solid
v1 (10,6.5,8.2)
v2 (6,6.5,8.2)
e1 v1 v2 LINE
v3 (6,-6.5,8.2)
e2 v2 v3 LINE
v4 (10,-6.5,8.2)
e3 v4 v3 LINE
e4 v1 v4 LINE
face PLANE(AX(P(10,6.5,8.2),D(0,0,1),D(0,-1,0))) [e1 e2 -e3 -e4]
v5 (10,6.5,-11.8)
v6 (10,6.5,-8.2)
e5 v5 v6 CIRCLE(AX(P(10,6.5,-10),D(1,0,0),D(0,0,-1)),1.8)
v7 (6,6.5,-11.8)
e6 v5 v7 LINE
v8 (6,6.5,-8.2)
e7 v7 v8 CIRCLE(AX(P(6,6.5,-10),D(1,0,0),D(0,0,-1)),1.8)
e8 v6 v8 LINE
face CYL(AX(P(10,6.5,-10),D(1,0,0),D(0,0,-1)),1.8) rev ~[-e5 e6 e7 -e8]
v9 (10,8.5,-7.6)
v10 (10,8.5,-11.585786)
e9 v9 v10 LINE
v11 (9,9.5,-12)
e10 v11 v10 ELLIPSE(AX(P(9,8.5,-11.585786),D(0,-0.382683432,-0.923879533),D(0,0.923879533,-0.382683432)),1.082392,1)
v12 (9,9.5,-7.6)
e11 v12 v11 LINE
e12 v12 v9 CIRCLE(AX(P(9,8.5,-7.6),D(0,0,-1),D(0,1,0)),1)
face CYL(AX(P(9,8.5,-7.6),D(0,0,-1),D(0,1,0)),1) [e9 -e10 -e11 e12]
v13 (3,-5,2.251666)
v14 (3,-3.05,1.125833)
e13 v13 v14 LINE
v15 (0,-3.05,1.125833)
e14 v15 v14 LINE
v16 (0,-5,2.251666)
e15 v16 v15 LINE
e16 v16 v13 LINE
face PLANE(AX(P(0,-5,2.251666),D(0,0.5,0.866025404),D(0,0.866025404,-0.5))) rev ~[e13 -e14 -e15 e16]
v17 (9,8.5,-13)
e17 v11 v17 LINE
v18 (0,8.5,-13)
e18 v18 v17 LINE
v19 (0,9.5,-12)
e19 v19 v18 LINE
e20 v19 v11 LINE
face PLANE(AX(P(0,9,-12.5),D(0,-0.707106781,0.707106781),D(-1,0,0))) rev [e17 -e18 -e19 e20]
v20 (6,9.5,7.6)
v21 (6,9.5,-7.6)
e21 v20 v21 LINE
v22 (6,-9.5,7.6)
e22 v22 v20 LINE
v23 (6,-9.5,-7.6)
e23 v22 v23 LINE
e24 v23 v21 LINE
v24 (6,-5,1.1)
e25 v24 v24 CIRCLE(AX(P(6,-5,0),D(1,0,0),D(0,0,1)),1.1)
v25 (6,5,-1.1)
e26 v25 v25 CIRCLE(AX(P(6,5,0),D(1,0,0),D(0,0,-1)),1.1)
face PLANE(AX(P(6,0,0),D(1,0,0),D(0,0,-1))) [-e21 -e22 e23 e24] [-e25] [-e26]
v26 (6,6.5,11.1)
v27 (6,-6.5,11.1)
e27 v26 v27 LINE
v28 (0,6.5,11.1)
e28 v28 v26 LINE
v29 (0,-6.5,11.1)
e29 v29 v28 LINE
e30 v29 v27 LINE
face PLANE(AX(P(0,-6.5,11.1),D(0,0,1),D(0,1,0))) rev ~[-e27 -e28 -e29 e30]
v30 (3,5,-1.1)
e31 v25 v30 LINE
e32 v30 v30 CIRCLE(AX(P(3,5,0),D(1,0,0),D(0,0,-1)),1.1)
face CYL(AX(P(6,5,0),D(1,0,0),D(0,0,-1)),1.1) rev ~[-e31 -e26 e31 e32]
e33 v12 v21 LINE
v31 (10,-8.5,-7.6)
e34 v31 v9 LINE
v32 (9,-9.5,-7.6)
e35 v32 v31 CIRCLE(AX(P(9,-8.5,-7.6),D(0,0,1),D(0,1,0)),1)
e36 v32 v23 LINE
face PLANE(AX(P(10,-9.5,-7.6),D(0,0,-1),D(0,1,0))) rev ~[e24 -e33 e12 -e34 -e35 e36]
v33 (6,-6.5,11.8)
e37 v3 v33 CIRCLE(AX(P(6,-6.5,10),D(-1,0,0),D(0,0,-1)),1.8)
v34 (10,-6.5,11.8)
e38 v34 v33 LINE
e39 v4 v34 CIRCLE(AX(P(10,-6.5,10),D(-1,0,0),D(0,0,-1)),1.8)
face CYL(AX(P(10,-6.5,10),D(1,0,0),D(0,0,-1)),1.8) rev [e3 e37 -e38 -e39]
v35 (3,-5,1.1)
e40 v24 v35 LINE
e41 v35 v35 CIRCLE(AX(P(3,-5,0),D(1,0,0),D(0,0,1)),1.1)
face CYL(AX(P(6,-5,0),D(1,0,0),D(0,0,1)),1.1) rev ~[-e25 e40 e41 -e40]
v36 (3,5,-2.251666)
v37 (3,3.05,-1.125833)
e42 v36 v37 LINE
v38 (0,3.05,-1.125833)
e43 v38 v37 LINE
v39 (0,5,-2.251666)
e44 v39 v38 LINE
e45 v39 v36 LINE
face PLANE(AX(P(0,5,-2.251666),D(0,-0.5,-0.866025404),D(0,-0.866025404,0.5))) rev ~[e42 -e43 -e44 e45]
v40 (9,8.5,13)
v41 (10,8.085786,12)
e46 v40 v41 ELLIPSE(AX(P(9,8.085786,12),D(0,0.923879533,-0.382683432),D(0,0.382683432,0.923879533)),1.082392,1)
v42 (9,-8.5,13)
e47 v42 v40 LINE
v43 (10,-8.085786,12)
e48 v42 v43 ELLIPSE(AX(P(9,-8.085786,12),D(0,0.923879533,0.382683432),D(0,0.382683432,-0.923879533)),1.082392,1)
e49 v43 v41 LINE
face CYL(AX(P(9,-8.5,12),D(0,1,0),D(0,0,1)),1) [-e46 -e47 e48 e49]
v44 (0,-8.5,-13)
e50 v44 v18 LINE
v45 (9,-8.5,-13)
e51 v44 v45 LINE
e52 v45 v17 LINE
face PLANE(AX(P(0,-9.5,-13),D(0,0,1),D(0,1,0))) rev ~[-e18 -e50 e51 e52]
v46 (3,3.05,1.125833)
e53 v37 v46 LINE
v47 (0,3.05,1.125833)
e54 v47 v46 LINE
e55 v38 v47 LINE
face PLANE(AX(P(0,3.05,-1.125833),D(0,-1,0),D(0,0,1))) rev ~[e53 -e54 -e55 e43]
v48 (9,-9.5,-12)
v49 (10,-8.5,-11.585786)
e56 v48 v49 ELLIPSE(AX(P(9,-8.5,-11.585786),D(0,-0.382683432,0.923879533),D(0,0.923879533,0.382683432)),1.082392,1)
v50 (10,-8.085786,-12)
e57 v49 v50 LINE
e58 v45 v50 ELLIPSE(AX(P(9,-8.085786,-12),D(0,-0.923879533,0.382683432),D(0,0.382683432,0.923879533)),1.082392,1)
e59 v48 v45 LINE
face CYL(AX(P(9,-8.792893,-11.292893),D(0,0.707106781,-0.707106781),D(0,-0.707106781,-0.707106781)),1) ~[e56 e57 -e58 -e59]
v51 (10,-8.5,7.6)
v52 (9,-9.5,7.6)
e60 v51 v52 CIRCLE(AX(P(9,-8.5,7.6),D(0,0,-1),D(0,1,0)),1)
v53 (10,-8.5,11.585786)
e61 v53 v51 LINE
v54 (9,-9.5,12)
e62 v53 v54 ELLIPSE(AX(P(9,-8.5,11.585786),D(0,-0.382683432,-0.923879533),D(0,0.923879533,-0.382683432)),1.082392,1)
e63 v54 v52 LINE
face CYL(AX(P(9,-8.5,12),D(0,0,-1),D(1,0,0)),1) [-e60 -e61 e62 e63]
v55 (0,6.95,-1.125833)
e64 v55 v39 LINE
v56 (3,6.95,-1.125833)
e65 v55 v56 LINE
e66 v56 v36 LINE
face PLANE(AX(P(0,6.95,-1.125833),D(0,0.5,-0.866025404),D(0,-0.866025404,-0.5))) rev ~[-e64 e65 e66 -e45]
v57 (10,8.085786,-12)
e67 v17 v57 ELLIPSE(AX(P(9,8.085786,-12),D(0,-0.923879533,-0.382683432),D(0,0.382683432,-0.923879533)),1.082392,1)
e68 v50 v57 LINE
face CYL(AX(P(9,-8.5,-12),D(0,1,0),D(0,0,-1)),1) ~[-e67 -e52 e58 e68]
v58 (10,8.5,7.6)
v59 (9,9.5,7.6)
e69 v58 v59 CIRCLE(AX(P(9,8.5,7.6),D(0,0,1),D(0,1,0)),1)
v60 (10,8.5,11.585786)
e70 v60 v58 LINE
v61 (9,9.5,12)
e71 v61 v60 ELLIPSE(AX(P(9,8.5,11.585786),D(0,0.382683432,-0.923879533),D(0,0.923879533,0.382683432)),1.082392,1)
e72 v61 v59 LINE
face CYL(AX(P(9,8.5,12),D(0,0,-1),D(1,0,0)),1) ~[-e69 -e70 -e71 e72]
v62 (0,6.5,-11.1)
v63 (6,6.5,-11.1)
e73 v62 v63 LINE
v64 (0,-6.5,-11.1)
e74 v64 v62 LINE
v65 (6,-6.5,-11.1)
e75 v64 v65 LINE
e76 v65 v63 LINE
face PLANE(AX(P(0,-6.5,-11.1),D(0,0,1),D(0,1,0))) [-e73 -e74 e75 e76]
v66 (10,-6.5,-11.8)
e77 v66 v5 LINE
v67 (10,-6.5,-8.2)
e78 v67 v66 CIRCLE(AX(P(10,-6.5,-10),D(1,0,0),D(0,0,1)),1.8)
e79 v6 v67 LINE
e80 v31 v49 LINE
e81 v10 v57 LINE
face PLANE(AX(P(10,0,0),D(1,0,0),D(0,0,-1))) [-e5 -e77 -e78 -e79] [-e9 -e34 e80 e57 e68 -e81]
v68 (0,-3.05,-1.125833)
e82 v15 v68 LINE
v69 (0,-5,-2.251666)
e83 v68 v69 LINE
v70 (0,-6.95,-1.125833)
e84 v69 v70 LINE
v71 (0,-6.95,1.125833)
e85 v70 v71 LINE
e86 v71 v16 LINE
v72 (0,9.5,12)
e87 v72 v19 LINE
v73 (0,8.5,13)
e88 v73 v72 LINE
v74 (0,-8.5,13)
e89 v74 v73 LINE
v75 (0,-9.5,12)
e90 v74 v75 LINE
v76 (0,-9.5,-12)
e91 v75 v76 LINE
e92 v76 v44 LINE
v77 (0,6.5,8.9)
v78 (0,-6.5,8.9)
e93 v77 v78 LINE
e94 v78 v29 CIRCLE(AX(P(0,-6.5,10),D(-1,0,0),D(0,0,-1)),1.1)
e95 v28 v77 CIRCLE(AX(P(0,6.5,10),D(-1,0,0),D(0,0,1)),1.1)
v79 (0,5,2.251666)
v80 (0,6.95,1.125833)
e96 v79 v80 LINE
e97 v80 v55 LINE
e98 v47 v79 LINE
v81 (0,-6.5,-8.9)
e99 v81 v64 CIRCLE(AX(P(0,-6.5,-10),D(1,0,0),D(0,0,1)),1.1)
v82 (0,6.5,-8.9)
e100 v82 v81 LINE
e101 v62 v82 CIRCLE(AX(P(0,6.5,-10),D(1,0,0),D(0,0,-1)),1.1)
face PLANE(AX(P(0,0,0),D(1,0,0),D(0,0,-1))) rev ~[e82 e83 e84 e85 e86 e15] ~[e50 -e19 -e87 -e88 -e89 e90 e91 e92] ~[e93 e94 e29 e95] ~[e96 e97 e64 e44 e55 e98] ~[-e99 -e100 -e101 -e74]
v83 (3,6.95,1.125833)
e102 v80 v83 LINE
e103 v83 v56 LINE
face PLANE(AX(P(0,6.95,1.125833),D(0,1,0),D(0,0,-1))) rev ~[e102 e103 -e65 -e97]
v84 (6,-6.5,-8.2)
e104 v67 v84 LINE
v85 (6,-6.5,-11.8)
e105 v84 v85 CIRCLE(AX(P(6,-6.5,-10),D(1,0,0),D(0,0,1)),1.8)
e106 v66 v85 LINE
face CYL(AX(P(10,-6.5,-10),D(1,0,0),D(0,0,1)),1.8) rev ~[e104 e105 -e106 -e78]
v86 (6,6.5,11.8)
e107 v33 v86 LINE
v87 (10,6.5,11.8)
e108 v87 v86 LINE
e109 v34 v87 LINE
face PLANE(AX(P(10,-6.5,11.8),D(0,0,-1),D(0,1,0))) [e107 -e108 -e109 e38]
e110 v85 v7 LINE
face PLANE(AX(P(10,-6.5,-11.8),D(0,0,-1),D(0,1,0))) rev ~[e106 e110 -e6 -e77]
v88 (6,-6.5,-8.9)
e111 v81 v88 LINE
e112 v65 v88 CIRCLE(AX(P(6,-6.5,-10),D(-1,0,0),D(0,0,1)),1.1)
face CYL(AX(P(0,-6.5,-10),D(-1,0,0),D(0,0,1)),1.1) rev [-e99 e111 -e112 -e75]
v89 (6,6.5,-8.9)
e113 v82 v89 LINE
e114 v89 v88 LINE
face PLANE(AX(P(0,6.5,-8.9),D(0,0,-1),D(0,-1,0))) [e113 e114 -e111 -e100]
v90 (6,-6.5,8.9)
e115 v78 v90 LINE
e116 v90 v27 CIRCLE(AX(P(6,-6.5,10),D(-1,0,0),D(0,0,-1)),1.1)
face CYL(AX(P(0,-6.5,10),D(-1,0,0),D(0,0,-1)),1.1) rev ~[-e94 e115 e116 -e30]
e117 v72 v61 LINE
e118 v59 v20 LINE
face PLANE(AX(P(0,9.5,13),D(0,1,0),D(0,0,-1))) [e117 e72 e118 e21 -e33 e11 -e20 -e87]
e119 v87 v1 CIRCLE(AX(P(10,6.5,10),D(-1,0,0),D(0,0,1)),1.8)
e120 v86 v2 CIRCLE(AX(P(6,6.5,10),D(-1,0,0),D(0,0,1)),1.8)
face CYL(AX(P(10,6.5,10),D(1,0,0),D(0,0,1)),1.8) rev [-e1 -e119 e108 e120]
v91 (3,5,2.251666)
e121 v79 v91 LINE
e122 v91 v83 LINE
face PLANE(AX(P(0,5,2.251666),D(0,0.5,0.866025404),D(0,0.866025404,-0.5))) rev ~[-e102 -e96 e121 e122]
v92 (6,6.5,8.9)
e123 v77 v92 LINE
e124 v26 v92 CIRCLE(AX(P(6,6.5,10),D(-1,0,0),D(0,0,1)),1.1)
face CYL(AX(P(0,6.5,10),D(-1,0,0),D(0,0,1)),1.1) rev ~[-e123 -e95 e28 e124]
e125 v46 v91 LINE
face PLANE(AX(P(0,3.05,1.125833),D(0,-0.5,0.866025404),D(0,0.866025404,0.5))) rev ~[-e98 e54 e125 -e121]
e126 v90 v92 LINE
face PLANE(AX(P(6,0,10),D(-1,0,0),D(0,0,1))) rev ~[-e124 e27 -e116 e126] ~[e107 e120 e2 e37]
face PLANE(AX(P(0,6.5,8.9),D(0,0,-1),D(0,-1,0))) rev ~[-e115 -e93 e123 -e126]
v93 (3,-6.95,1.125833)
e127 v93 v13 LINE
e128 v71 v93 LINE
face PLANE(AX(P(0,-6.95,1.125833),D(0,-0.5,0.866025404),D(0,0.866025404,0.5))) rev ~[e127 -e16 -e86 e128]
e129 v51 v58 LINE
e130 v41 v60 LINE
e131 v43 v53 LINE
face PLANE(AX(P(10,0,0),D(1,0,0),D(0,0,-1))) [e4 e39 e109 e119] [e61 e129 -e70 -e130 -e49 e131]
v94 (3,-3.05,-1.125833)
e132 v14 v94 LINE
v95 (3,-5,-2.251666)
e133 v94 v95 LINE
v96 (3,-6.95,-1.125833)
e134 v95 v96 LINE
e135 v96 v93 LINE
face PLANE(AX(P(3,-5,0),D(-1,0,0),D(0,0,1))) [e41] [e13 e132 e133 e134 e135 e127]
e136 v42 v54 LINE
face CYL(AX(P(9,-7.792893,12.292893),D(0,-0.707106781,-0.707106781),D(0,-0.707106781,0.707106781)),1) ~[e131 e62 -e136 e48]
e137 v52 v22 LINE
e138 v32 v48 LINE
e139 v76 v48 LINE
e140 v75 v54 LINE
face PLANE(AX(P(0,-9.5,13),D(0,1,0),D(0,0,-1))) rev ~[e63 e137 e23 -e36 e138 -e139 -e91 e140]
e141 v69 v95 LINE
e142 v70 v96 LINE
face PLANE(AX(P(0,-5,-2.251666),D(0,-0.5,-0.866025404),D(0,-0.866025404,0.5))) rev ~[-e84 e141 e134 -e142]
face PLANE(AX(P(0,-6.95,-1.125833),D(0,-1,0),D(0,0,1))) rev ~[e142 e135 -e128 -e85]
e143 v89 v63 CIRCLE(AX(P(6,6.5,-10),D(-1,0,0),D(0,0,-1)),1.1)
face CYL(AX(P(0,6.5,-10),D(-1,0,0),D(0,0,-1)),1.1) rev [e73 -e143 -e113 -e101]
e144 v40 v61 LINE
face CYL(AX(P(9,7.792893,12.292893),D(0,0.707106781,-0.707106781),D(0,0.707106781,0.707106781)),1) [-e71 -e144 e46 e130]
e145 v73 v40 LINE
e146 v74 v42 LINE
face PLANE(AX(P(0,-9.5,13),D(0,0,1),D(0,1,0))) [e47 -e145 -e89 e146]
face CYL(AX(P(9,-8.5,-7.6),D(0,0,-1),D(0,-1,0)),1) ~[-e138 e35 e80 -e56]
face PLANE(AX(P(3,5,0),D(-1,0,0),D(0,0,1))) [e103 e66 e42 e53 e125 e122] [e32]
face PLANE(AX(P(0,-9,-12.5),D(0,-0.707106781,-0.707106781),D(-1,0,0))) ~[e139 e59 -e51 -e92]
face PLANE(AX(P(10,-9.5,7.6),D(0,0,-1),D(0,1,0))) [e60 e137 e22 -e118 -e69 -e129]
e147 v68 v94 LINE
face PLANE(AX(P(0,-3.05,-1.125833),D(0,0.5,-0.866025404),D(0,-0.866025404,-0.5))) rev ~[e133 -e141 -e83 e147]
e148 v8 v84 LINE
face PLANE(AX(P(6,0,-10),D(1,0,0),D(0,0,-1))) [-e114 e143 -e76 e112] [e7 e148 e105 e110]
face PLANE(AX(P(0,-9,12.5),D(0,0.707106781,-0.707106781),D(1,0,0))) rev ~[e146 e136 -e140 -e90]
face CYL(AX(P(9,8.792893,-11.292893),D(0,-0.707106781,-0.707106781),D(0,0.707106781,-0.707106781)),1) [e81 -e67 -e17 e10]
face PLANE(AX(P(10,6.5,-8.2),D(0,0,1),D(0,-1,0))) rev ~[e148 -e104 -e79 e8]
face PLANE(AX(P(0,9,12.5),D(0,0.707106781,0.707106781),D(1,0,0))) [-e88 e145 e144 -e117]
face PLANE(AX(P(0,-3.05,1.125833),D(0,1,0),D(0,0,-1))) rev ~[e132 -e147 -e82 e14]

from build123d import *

# Parameters (mm, degrees)
SKETCH_1_W          = 26
SKETCH_1_H          = 19
EXTRUDE_1_DEPTH     = 10
SKETCH_2_W          = 15.2
SKETCH_2_H          = 19
CUT_EXTRUDE_1_DEPTH = 4
CUT_EXTRUDE_2_DEPTH = 4
CHAMFER_1_SIZE      = 1
FILLET_1_R          = 1
SKETCH_4_R          = 1.1
CUT_EXTRUDE_3_DEPTH = 18.182840277
CUT_EXTRUDE_4_DEPTH = 3


with BuildPart() as part:
    # Эскиз1 → Бобышка-Вытянуть1 (new body)
    with BuildSketch(Plane(origin=(0, 0, 0), x_dir=(0, 0, -1), z_dir=(1, 0, 0))):
        Rectangle(SKETCH_1_W, SKETCH_1_H)
        with BuildLine():
            Line((-8.9, 6.5), (-8.9, -6.5))
            ThreePointArc((-8.9, -6.5), (-10, -7.6), (-11.1, -6.5))
            Line((-11.1, -6.5), (-11.1, 6.5))
            ThreePointArc((-11.1, 6.5), (-10, 7.6), (-8.9, 6.5))
        make_face(mode=Mode.SUBTRACT)
        with BuildLine():
            Line((8.9, 6.5), (8.9, -6.5))
            ThreePointArc((8.9, -6.5), (10, -7.6), (11.1, -6.5))
            Line((11.1, -6.5), (11.1, 6.5))
            ThreePointArc((11.1, 6.5), (10, 7.6), (8.9, 6.5))
        make_face(mode=Mode.SUBTRACT)
    extrude(amount=EXTRUDE_1_DEPTH)

    # Эскиз2 → Вырез-Вытянуть1 (cut)
    with BuildSketch(Plane(origin=(10, 0, 0), x_dir=(0, 0, -1), z_dir=(1, 0, 0))):
        Rectangle(SKETCH_2_W, SKETCH_2_H)
    extrude(amount=-CUT_EXTRUDE_1_DEPTH, mode=Mode.SUBTRACT)

    # Эскиз3 → Вырез-Вытянуть2 (cut)
    with BuildSketch(Plane(origin=(10, 0, 0), x_dir=(0, 0, -1), z_dir=(1, 0, 0))):
        with BuildLine():
            Line((-11.8, -6.5), (-11.8, 6.5))
            ThreePointArc((-11.8, 6.5), (-10, 8.3), (-8.2, 6.5))
            Line((-8.2, 6.5), (-8.2, -6.5))
            ThreePointArc((-8.2, -6.5), (-10, -8.3), (-11.8, -6.5))
        make_face()
        with BuildLine():
            Line((11.8, -6.5), (11.8, 6.5))
            ThreePointArc((11.8, 6.5), (10, 8.3), (8.2, 6.5))
            Line((8.2, 6.5), (8.2, -6.5))
            ThreePointArc((8.2, -6.5), (10, -8.3), (11.8, -6.5))
        make_face()
    extrude(amount=-CUT_EXTRUDE_2_DEPTH, mode=Mode.SUBTRACT)

    # Фаска1
    chamfer_1_edges = [part.edges().sort_by_distance(p)[0] for p in [
        (5, -9.5, -13),
        (5, -9.5, 13),
        (5, 9.5, 13),
        (5, 9.5, -13),
    ]]
    chamfer(chamfer_1_edges, length=CHAMFER_1_SIZE)

    # Скругление1
    fillet_1_edges = [part.edges().sort_by_distance(p)[0] for p in [
        (10, 9.5, -9.8),
        (10, 0, -13),
        (10, -9, -12.5),
        (10, 9, -12.5),
        (10, -9.5, 9.8),
        (10, 0, 13),
        (10, 9, 12.5),
        (10, -9, 12.5),
        (10, -9.5, -9.8),
        (10, 9.5, 9.8),
    ]]
    fillet(fillet_1_edges, radius=FILLET_1_R)

    # Эскиз4 → Вырез-Вытянуть3 (cut, through all)
    with BuildSketch(Plane(origin=(6, 0, 0), x_dir=(0, 0, -1), z_dir=(1, 0, 0))):
        with Locations((0, 5)):
            Circle(SKETCH_4_R)
        with Locations(Location((0, -5, 0), (0, 0, 180))):
            Circle(SKETCH_4_R)
    extrude(amount=-CUT_EXTRUDE_3_DEPTH, mode=Mode.SUBTRACT)

    # Эскиз5 → Вырез-Вытянуть4 (cut)
    with BuildSketch(Plane.ZY):
        Polygon((1.125833025, 3.05), (2.25166605, 5), (1.125833025, 6.95), (-1.125833025, 6.95), (-2.25166605, 5), (-1.125833025, 3.05), align=None)
        Polygon((1.125833025, -6.95), (2.25166605, -5), (1.125833025, -3.05), (-1.125833025, -3.05), (-2.25166605, -5), (-1.125833025, -6.95), align=None)
    extrude(amount=-CUT_EXTRUDE_4_DEPTH, mode=Mode.SUBTRACT)


solid = part.part
